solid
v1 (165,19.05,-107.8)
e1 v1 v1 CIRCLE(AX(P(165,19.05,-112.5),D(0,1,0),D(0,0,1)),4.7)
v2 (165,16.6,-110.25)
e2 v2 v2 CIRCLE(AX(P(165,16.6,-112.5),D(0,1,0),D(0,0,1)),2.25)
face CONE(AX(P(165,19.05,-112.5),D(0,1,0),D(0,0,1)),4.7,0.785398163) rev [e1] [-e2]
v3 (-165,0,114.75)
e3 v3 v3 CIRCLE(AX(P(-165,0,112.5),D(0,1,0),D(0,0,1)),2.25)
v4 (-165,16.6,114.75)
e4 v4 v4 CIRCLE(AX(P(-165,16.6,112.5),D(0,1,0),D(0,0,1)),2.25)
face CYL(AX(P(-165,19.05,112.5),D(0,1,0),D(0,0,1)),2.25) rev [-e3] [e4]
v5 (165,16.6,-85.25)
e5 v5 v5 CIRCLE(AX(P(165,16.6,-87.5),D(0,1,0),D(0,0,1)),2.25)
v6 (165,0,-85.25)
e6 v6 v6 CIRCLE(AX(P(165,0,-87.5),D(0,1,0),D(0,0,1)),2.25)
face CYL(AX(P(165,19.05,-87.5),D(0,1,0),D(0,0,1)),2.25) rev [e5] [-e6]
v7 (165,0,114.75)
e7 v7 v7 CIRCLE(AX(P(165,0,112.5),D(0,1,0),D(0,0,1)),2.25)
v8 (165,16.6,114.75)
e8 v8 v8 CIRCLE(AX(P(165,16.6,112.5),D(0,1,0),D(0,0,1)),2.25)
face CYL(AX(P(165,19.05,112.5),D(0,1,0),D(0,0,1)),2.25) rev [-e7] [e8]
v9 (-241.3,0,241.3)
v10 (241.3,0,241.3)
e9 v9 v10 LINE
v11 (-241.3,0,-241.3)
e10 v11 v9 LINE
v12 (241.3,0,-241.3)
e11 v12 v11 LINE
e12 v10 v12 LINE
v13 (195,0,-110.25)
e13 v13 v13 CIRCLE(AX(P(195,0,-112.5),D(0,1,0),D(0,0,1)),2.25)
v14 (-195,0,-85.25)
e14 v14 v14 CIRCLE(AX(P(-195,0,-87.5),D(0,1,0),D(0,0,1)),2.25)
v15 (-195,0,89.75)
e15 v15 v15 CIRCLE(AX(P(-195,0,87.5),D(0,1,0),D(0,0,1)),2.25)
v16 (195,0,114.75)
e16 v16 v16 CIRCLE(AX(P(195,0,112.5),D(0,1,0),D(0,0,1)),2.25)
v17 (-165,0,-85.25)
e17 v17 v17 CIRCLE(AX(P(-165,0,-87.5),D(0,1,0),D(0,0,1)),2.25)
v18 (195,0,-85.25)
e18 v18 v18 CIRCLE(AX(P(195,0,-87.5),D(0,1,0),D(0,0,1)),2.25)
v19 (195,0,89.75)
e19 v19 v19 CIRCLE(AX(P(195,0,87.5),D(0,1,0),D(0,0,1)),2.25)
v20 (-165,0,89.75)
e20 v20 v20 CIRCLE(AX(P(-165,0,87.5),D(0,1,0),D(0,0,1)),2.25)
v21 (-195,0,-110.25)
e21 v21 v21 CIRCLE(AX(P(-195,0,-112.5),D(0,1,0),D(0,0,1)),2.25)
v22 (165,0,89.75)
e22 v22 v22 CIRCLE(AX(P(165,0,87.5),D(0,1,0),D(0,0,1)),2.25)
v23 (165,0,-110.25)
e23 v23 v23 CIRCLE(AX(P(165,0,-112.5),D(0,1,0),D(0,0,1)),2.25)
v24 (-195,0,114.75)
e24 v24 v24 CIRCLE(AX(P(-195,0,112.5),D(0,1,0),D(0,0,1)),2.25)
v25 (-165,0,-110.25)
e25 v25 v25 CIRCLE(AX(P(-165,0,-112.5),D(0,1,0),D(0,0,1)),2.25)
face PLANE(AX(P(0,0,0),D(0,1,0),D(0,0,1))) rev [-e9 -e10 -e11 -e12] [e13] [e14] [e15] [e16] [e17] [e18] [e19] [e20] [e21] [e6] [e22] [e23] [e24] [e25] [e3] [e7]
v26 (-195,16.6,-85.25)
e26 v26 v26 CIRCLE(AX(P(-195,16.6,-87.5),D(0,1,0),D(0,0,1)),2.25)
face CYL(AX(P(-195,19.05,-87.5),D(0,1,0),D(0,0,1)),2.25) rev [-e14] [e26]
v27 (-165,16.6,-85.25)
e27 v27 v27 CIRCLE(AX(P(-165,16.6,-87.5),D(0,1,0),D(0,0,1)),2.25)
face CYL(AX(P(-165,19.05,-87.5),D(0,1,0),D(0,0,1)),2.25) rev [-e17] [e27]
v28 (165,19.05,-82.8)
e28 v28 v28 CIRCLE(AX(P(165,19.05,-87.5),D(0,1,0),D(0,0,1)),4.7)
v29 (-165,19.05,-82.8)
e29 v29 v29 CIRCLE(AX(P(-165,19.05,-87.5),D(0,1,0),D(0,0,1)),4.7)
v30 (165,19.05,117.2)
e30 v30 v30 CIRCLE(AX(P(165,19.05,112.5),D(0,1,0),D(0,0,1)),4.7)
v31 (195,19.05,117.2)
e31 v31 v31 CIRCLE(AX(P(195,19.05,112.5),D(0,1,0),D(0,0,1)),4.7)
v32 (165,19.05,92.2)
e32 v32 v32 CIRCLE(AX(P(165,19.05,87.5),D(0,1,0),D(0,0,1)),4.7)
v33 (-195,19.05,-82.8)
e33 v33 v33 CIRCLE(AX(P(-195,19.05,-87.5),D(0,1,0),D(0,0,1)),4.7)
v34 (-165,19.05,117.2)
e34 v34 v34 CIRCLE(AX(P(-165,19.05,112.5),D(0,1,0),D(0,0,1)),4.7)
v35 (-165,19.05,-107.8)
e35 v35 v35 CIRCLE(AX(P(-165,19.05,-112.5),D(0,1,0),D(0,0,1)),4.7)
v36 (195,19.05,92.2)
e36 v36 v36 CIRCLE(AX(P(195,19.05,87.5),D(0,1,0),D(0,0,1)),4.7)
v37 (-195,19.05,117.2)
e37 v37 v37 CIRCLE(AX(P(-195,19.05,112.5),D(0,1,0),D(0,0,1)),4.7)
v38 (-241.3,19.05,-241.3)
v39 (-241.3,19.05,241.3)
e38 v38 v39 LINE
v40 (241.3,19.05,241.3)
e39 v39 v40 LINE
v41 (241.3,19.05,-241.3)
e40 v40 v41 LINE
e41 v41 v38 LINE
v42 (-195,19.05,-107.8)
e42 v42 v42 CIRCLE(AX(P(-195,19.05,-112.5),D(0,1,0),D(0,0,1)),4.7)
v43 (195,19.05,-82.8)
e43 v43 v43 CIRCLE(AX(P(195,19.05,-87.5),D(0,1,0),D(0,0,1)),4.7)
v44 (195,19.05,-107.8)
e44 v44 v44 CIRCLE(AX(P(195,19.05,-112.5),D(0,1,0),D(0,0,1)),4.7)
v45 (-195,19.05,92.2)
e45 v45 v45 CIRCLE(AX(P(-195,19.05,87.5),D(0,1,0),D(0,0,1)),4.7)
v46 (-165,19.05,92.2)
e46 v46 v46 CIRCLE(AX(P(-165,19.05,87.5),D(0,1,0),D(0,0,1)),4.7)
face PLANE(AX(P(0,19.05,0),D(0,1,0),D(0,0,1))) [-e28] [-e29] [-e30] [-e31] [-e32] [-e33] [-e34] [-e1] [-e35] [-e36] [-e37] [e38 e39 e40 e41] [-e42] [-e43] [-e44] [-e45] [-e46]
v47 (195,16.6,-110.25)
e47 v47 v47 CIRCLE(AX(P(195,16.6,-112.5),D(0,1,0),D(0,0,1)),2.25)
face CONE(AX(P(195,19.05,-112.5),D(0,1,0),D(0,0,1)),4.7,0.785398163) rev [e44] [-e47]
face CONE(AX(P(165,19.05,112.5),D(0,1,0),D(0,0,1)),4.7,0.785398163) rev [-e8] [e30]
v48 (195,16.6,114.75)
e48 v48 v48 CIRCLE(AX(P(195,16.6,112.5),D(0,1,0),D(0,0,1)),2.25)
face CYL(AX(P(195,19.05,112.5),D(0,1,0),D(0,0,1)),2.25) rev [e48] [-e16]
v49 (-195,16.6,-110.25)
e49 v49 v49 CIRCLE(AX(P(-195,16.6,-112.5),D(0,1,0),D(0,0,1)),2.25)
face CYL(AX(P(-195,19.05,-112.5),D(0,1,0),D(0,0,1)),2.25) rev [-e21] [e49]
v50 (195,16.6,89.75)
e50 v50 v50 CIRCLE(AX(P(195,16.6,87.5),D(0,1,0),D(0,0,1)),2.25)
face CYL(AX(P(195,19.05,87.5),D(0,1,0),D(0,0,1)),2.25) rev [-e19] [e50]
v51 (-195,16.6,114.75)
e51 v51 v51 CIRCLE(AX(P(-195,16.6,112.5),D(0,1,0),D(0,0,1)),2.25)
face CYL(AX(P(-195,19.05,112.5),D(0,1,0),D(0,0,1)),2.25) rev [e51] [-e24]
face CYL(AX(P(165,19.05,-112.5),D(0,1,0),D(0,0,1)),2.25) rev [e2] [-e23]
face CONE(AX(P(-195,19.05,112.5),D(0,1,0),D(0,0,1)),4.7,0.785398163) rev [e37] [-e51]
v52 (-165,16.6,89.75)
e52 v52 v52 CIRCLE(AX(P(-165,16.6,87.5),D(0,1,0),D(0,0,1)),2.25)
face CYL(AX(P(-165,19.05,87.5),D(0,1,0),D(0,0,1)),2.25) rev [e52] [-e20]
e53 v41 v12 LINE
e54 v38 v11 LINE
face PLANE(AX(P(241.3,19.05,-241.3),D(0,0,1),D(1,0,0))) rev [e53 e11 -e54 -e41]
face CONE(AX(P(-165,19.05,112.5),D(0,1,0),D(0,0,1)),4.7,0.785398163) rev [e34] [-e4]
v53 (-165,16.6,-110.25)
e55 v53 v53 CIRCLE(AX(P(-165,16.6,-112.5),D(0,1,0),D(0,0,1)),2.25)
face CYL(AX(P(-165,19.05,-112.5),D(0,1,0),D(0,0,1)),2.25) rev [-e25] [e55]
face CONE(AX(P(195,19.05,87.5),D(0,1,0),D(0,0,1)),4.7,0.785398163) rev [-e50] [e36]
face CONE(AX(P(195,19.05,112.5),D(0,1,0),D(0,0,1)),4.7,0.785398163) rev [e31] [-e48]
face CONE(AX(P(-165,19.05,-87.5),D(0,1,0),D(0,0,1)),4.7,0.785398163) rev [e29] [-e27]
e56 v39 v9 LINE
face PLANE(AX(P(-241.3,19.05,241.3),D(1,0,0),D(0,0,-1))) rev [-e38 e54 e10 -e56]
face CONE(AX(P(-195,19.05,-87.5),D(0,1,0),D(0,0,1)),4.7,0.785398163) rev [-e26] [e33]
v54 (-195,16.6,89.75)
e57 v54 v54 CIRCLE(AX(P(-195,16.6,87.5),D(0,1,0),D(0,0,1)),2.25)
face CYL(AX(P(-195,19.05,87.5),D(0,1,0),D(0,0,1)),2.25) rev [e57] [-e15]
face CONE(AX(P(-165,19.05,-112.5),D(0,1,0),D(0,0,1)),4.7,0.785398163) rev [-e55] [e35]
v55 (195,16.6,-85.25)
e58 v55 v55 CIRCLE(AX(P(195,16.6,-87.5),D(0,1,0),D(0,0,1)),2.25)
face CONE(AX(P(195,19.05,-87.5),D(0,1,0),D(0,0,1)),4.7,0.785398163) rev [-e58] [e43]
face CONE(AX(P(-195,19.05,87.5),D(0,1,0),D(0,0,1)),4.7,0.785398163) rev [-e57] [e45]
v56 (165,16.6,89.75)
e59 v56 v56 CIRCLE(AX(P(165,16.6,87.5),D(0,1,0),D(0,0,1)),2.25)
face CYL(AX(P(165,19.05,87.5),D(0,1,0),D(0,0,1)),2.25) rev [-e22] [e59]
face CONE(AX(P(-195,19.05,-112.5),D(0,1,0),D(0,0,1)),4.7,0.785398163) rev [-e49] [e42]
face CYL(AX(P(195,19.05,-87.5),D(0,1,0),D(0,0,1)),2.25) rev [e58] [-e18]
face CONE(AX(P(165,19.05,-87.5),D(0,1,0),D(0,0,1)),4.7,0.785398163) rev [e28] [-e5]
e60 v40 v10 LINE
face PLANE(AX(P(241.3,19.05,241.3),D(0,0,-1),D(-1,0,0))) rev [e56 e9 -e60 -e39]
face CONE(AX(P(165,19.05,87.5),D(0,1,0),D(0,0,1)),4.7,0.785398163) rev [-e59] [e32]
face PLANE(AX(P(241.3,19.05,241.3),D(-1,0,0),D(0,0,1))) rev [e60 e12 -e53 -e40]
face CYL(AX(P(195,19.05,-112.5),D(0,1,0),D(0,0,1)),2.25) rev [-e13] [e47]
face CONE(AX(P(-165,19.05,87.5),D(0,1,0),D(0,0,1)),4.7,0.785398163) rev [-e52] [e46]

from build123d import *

# Parameters (mm, degrees)
SKETCH1_W                                       = 482.6
SKETCH1_H                                       = 482.6
BOSS_EXTRUDE1_DEPTH                             = 19.05
CSK_FOR_M4_FLAT_HEAD_MACHINE_SCREW1_D           = 4.5
CSK_FOR_M4_FLAT_HEAD_MACHINE_SCREW1_CSINK_D     = 9.4
CSK_FOR_M4_FLAT_HEAD_MACHINE_SCREW1_CSINK_ANGLE = 90


with BuildPart() as part:
    # Sketch1 → Boss-Extrude1 (new body)
    with BuildSketch(Plane(origin=(0, 0, 0), x_dir=(1, 0, 0), z_dir=(0, 1, 0))):
        Rectangle(SKETCH1_W, SKETCH1_H)
    extrude(amount=BOSS_EXTRUDE1_DEPTH)

    # CSK for M4 Flat Head Machine Screw1 (through all)
    with Locations(Plane(origin=(0, 19.05, 0), x_dir=(1, 0, 0), z_dir=(0, 1, 0))):
        with Locations((-195, -87.5), (-165, -87.5), (-165, -112.5), (-195, -112.5), (195, -112.5), (165, -112.5), (165, -87.5), (195, -87.5), (195, 87.5), (195, 112.5), (165, 112.5), (165, 87.5), (-195, 87.5), (-165, 87.5), (-165, 112.5), (-195, 112.5)):
            CounterSinkHole(CSK_FOR_M4_FLAT_HEAD_MACHINE_SCREW1_D / 2, CSK_FOR_M4_FLAT_HEAD_MACHINE_SCREW1_CSINK_D / 2, counter_sink_angle=CSK_FOR_M4_FLAT_HEAD_MACHINE_SCREW1_CSINK_ANGLE)


solid = part.part
